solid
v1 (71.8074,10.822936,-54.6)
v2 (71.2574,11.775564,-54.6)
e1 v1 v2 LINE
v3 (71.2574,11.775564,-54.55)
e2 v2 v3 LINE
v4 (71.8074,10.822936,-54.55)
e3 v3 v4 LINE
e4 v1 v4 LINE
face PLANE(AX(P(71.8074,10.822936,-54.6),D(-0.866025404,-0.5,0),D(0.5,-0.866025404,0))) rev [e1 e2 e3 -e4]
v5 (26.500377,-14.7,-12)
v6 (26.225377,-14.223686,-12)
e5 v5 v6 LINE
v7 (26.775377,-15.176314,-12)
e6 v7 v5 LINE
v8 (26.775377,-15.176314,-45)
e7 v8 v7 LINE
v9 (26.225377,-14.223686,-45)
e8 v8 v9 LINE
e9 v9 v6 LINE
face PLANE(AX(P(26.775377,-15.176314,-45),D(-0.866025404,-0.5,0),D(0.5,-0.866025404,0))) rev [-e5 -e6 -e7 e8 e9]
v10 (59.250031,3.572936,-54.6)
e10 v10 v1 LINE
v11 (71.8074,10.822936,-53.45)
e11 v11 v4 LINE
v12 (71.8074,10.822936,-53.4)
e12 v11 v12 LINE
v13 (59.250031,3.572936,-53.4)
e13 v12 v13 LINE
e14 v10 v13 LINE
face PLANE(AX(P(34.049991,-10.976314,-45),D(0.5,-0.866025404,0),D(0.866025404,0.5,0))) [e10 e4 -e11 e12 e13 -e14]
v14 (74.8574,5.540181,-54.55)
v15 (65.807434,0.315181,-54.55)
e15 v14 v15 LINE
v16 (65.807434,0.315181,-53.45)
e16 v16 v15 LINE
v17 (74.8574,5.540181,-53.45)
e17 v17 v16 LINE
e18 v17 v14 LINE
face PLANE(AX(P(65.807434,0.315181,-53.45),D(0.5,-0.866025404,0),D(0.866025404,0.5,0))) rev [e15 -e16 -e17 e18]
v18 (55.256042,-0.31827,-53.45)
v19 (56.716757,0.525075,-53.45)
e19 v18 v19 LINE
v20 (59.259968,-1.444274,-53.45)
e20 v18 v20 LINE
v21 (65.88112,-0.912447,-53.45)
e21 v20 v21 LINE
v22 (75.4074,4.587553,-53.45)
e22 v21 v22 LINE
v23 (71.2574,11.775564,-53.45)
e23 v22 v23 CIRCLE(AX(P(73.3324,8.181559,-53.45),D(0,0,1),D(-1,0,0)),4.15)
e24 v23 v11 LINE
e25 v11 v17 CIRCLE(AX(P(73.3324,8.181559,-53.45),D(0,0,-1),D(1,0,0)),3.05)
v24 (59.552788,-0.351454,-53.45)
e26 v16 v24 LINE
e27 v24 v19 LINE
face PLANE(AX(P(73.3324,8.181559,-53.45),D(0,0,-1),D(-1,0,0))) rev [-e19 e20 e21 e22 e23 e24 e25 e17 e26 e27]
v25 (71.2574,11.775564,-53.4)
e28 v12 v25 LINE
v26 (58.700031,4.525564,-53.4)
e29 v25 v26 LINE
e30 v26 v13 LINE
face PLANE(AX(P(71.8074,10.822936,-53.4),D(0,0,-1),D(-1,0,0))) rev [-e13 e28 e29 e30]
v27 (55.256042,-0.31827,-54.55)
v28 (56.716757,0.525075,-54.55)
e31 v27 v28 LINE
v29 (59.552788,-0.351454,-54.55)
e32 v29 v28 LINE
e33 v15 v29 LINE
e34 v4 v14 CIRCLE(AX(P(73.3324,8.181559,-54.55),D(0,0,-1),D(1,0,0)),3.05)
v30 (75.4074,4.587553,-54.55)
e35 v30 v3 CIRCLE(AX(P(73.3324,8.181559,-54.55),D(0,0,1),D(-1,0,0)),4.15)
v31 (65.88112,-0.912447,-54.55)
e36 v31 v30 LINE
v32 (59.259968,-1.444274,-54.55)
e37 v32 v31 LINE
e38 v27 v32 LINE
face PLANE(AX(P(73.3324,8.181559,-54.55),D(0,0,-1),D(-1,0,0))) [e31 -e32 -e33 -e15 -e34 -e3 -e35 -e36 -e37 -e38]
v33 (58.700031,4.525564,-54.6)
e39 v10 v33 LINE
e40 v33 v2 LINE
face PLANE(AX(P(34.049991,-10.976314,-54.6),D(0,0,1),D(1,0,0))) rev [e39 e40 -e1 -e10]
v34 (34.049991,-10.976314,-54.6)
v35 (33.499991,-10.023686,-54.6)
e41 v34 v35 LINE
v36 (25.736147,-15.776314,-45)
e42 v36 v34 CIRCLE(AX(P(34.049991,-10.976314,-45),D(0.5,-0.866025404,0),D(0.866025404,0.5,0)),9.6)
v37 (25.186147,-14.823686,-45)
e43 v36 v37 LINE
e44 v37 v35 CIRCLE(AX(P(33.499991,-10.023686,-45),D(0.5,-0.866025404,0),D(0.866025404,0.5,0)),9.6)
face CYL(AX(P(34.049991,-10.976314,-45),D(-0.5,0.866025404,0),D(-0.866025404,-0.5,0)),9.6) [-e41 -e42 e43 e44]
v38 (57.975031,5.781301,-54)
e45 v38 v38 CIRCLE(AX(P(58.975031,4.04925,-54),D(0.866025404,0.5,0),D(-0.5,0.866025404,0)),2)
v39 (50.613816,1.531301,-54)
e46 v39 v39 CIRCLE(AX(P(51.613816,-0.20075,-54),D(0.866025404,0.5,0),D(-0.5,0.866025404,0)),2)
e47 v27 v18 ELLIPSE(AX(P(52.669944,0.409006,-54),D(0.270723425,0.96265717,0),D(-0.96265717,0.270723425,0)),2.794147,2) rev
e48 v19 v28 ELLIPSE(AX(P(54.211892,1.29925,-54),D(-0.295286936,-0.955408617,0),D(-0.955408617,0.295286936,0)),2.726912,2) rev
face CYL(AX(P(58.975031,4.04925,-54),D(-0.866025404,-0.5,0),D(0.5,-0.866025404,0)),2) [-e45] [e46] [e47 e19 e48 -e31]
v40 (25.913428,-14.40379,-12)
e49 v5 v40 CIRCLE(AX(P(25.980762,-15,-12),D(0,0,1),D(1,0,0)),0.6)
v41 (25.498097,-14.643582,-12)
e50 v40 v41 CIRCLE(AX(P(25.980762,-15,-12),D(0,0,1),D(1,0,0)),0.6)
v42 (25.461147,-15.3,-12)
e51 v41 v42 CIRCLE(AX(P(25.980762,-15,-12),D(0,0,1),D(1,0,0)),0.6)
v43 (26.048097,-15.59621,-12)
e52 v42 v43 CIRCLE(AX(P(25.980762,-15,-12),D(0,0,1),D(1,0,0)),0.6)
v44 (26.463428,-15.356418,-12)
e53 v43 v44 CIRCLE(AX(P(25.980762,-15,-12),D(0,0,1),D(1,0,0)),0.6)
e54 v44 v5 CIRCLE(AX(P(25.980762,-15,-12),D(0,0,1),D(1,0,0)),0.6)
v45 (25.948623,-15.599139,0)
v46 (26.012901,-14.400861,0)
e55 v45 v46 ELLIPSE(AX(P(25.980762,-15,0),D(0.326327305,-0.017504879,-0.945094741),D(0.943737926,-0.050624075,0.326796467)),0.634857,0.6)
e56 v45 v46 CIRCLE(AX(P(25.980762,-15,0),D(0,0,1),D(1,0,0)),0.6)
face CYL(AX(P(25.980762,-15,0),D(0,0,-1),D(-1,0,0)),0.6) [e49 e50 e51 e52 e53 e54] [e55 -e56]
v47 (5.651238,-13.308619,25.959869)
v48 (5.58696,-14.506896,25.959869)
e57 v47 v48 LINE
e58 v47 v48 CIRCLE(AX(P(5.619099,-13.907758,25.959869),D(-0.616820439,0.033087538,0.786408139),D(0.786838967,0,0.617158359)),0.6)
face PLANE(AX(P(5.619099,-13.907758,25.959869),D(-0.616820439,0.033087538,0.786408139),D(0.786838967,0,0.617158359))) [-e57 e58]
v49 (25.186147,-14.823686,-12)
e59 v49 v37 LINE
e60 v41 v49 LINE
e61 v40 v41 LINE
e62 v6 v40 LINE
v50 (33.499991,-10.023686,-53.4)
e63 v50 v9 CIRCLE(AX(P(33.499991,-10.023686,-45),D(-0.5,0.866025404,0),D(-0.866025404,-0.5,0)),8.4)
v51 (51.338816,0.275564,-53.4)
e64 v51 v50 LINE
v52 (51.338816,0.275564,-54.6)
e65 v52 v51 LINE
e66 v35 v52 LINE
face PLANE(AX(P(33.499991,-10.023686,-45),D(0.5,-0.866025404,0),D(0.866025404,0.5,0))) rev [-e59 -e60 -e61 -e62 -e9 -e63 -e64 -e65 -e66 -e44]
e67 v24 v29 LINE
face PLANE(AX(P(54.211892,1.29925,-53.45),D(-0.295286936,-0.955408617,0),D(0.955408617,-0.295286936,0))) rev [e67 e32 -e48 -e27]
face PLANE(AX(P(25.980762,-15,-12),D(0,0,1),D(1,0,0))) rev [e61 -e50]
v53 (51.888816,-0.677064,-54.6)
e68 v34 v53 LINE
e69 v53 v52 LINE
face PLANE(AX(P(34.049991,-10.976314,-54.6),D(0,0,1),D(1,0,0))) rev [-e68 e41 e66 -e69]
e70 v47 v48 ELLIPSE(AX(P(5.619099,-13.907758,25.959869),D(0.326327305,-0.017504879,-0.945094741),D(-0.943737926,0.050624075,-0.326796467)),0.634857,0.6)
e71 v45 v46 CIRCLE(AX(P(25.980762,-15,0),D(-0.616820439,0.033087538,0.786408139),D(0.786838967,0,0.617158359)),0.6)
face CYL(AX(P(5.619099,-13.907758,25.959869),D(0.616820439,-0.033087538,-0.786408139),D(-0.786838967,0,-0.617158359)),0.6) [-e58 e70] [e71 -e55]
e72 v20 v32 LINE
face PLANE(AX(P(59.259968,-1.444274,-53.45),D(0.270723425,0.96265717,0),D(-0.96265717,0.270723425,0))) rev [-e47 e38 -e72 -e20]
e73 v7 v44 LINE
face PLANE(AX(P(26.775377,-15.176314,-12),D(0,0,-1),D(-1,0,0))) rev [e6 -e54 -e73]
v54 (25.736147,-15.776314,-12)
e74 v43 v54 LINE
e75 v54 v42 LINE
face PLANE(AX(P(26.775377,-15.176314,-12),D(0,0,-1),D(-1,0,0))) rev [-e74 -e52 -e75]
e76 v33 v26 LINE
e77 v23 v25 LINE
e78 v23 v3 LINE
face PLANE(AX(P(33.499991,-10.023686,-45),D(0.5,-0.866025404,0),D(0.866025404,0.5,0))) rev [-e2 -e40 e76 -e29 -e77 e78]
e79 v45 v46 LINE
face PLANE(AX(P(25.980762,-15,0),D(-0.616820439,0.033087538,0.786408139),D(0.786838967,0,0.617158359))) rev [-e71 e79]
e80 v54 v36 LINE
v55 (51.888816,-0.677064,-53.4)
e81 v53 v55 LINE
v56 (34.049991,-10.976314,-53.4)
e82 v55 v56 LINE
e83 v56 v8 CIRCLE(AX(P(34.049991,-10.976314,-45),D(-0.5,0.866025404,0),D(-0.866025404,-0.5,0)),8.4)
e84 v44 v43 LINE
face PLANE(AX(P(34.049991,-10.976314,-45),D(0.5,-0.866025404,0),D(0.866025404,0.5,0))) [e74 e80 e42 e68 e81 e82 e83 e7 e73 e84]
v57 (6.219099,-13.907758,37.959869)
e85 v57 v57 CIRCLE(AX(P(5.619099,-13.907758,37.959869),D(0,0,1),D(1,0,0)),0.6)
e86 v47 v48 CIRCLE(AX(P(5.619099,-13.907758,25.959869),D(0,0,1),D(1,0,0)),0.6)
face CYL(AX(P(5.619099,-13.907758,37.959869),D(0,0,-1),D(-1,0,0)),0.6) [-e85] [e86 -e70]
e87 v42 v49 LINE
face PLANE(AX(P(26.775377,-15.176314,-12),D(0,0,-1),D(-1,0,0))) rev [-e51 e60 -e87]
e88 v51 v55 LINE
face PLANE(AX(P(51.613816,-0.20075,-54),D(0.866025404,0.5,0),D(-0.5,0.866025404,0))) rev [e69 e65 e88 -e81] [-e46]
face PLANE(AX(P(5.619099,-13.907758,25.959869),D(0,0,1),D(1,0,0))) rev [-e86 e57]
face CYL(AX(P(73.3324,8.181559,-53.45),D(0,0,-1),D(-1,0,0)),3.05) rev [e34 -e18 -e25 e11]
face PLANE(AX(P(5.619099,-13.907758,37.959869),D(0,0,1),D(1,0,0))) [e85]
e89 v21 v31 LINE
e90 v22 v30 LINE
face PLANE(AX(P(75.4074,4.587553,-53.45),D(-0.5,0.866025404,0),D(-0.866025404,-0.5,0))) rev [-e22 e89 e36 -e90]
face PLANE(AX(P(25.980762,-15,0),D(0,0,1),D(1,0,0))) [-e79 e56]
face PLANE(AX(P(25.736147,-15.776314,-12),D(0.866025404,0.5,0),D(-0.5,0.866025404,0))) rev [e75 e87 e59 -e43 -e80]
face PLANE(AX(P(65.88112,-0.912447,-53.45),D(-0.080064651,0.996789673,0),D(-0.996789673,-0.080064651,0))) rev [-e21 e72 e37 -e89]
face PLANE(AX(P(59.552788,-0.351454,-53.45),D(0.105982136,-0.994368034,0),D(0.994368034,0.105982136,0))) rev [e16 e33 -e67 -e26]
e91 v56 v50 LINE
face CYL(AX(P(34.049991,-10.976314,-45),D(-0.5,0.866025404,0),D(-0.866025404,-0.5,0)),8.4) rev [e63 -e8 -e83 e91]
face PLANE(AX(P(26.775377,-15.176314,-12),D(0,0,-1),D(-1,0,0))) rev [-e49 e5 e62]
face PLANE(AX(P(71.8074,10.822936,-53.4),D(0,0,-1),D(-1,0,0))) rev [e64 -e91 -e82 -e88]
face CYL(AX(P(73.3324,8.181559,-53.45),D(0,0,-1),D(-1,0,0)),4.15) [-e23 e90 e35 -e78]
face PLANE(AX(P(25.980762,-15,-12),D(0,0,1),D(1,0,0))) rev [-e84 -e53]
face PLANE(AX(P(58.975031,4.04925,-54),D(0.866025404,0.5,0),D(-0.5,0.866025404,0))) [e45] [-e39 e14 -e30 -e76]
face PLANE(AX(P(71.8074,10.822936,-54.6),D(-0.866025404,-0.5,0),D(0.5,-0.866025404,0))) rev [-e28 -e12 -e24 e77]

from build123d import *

# Parameters (mm, degrees)
S01_TENDON_CAPTIVE_TAIL_R                      = 0.6
F_01_TENDON_CAPTIVE_TAIL_DEPTH                 = 12
S02_CROSSED_TENDON_R                           = 0.6
F_02_CROSSED_TENDON_DEPTH                      = 33.010681761
S03_TENDON_THROUGH_REAR_GROMMET_R              = 0.6
F_03_TENDON_THROUGH_REAR_GROMMET_DEPTH         = 12
F_04_START                                     = -0.55
F_04_TENDON_RETURN_DEPTH                       = 1.1
F_05_START                                     = -0.55
F_05_REMOVABLE_BACKED_EYE_AROUND_POLISHE_DEPTH = 1.1
S06_DRESSED_EYE_KNOT_ENVELOPE_R                = 2
F_06_DRESSED_EYE_KNOT_ENVELOPE_DEPTH           = 8.5


with BuildPart() as part:
    # S01 - Tendon captive tail → 01 - Tendon captive tail (new body)
    with BuildSketch(Plane.XY.offset(25.959868809)):
        with Locations((5.619098901, -13.907757819)):
            Circle(S01_TENDON_CAPTIVE_TAIL_R)
    extrude(amount=F_01_TENDON_CAPTIVE_TAIL_DEPTH)

    # S02 - Crossed tendon → 02 - Crossed tendon (add)
    with BuildSketch(Plane(origin=(10.190970454, -0.54666496, -12.992860813), x_dir=(0.7871038979441459, 0.025929320968004606, 0.6162752016390648), z_dir=(-0.6168204388970357, 0.0330875378277926, 0.7864081389452698))):
        with Locations(Location((20.060619317, -14.986740778, 0), (0, 0, 266.097812634))):
            Circle(S02_CROSSED_TENDON_R)
    extrude(amount=F_02_CROSSED_TENDON_DEPTH)

    # S03 - Tendon through rear grommet → 03 - Tendon through rear grommet (add)
    with BuildSketch(Plane.XY.offset(-12)):
        with Locations(Location((25.980762114, -15, 0), (0, 0, 266.929477468))):
            Circle(S03_TENDON_THROUGH_REAR_GROMMET_R)
    extrude(amount=F_03_TENDON_THROUGH_REAR_GROMMET_DEPTH)

    # S04 - Tendon return → 04 - Tendon return (add)
    with BuildSketch(Plane(origin=(12.990381057, -22.5, 0), x_dir=(-0.8660254037844386, -0.5000000000000003, 0), z_dir=(0.5000000000000003, -0.8660254037844386, 0)).offset(F_04_START)):
        with BuildLine():
            Line((-14.4, 12), (-14.4, 45))
            ThreePointArc((-14.4, 45), (-17.211774901, 51.788225099), (-24, 54.6))
            Line((-24, 54.6), (-67.598500564, 54.6))
            Line((-67.598500564, 54.6), (-67.598500564, 53.4))
            Line((-67.598500564, 53.4), (-24, 53.4))
            ThreePointArc((-24, 53.4), (-18.060303038, 50.939696962), (-15.6, 45))
            Line((-15.6, 45), (-15.6, 12))
            Line((-15.6, 12), (-14.4, 12))
        make_face()
    extrude(amount=F_04_TENDON_RETURN_DEPTH)

    # S05 - Removable backed eye around polished clevis sleeve → 05 - Removable backed eye around polished clevis sleeve (add)
    with BuildSketch(Plane.XY.offset(-54).offset(F_05_START)):
        with BuildLine():
            Line((71.084194722, 11.675564254), (71.257399803, 11.775564254))
            ThreePointArc((71.257399803, 11.775564254), (76.926405229, 10.256558829), (75.407399803, 4.587553403))
            Line((75.407399803, 4.587553403), (65.881120362, -0.912446597))
            Line((65.881120362, -0.912446597), (59.259967939, -1.444274196))
            Line((59.259967939, -1.444274196), (53.745866324, 0.106429959))
            Line((53.745866324, 0.106429959), (54.211891727, 1.299250282))
            Line((54.211891727, 1.299250282), (59.552788262, -0.351453873))
            Line((59.552788262, -0.351453873), (65.807434334, 0.315181347))
            Line((65.807434334, 0.315181347), (74.857399803, 5.540181347))
            ThreePointArc((74.857399803, 5.540181347), (75.973777285, 9.706558829), (71.807399803, 10.82293631))
            Line((71.807399803, 10.82293631), (71.634194722, 10.72293631))
            Line((71.634194722, 10.72293631), (71.084194722, 11.675564254))
        make_face()
    extrude(amount=F_05_REMOVABLE_BACKED_EYE_AROUND_POLISHE_DEPTH)

    # S06 - Dressed eye knot envelope → 06 - Dressed eye knot envelope (add)
    with BuildSketch(Plane(origin=(38.623434459, 22.299250282, 0), x_dir=(0, 0, -1), z_dir=(0.8660254037844386, 0.5000000000000003, 0))):
        with Locations(Location((54, -25.980762114, 0), (0, 0, 90))):
            Circle(S06_DRESSED_EYE_KNOT_ENVELOPE_R)
    extrude(amount=F_06_DRESSED_EYE_KNOT_ENVELOPE_DEPTH)


solid = part.part
